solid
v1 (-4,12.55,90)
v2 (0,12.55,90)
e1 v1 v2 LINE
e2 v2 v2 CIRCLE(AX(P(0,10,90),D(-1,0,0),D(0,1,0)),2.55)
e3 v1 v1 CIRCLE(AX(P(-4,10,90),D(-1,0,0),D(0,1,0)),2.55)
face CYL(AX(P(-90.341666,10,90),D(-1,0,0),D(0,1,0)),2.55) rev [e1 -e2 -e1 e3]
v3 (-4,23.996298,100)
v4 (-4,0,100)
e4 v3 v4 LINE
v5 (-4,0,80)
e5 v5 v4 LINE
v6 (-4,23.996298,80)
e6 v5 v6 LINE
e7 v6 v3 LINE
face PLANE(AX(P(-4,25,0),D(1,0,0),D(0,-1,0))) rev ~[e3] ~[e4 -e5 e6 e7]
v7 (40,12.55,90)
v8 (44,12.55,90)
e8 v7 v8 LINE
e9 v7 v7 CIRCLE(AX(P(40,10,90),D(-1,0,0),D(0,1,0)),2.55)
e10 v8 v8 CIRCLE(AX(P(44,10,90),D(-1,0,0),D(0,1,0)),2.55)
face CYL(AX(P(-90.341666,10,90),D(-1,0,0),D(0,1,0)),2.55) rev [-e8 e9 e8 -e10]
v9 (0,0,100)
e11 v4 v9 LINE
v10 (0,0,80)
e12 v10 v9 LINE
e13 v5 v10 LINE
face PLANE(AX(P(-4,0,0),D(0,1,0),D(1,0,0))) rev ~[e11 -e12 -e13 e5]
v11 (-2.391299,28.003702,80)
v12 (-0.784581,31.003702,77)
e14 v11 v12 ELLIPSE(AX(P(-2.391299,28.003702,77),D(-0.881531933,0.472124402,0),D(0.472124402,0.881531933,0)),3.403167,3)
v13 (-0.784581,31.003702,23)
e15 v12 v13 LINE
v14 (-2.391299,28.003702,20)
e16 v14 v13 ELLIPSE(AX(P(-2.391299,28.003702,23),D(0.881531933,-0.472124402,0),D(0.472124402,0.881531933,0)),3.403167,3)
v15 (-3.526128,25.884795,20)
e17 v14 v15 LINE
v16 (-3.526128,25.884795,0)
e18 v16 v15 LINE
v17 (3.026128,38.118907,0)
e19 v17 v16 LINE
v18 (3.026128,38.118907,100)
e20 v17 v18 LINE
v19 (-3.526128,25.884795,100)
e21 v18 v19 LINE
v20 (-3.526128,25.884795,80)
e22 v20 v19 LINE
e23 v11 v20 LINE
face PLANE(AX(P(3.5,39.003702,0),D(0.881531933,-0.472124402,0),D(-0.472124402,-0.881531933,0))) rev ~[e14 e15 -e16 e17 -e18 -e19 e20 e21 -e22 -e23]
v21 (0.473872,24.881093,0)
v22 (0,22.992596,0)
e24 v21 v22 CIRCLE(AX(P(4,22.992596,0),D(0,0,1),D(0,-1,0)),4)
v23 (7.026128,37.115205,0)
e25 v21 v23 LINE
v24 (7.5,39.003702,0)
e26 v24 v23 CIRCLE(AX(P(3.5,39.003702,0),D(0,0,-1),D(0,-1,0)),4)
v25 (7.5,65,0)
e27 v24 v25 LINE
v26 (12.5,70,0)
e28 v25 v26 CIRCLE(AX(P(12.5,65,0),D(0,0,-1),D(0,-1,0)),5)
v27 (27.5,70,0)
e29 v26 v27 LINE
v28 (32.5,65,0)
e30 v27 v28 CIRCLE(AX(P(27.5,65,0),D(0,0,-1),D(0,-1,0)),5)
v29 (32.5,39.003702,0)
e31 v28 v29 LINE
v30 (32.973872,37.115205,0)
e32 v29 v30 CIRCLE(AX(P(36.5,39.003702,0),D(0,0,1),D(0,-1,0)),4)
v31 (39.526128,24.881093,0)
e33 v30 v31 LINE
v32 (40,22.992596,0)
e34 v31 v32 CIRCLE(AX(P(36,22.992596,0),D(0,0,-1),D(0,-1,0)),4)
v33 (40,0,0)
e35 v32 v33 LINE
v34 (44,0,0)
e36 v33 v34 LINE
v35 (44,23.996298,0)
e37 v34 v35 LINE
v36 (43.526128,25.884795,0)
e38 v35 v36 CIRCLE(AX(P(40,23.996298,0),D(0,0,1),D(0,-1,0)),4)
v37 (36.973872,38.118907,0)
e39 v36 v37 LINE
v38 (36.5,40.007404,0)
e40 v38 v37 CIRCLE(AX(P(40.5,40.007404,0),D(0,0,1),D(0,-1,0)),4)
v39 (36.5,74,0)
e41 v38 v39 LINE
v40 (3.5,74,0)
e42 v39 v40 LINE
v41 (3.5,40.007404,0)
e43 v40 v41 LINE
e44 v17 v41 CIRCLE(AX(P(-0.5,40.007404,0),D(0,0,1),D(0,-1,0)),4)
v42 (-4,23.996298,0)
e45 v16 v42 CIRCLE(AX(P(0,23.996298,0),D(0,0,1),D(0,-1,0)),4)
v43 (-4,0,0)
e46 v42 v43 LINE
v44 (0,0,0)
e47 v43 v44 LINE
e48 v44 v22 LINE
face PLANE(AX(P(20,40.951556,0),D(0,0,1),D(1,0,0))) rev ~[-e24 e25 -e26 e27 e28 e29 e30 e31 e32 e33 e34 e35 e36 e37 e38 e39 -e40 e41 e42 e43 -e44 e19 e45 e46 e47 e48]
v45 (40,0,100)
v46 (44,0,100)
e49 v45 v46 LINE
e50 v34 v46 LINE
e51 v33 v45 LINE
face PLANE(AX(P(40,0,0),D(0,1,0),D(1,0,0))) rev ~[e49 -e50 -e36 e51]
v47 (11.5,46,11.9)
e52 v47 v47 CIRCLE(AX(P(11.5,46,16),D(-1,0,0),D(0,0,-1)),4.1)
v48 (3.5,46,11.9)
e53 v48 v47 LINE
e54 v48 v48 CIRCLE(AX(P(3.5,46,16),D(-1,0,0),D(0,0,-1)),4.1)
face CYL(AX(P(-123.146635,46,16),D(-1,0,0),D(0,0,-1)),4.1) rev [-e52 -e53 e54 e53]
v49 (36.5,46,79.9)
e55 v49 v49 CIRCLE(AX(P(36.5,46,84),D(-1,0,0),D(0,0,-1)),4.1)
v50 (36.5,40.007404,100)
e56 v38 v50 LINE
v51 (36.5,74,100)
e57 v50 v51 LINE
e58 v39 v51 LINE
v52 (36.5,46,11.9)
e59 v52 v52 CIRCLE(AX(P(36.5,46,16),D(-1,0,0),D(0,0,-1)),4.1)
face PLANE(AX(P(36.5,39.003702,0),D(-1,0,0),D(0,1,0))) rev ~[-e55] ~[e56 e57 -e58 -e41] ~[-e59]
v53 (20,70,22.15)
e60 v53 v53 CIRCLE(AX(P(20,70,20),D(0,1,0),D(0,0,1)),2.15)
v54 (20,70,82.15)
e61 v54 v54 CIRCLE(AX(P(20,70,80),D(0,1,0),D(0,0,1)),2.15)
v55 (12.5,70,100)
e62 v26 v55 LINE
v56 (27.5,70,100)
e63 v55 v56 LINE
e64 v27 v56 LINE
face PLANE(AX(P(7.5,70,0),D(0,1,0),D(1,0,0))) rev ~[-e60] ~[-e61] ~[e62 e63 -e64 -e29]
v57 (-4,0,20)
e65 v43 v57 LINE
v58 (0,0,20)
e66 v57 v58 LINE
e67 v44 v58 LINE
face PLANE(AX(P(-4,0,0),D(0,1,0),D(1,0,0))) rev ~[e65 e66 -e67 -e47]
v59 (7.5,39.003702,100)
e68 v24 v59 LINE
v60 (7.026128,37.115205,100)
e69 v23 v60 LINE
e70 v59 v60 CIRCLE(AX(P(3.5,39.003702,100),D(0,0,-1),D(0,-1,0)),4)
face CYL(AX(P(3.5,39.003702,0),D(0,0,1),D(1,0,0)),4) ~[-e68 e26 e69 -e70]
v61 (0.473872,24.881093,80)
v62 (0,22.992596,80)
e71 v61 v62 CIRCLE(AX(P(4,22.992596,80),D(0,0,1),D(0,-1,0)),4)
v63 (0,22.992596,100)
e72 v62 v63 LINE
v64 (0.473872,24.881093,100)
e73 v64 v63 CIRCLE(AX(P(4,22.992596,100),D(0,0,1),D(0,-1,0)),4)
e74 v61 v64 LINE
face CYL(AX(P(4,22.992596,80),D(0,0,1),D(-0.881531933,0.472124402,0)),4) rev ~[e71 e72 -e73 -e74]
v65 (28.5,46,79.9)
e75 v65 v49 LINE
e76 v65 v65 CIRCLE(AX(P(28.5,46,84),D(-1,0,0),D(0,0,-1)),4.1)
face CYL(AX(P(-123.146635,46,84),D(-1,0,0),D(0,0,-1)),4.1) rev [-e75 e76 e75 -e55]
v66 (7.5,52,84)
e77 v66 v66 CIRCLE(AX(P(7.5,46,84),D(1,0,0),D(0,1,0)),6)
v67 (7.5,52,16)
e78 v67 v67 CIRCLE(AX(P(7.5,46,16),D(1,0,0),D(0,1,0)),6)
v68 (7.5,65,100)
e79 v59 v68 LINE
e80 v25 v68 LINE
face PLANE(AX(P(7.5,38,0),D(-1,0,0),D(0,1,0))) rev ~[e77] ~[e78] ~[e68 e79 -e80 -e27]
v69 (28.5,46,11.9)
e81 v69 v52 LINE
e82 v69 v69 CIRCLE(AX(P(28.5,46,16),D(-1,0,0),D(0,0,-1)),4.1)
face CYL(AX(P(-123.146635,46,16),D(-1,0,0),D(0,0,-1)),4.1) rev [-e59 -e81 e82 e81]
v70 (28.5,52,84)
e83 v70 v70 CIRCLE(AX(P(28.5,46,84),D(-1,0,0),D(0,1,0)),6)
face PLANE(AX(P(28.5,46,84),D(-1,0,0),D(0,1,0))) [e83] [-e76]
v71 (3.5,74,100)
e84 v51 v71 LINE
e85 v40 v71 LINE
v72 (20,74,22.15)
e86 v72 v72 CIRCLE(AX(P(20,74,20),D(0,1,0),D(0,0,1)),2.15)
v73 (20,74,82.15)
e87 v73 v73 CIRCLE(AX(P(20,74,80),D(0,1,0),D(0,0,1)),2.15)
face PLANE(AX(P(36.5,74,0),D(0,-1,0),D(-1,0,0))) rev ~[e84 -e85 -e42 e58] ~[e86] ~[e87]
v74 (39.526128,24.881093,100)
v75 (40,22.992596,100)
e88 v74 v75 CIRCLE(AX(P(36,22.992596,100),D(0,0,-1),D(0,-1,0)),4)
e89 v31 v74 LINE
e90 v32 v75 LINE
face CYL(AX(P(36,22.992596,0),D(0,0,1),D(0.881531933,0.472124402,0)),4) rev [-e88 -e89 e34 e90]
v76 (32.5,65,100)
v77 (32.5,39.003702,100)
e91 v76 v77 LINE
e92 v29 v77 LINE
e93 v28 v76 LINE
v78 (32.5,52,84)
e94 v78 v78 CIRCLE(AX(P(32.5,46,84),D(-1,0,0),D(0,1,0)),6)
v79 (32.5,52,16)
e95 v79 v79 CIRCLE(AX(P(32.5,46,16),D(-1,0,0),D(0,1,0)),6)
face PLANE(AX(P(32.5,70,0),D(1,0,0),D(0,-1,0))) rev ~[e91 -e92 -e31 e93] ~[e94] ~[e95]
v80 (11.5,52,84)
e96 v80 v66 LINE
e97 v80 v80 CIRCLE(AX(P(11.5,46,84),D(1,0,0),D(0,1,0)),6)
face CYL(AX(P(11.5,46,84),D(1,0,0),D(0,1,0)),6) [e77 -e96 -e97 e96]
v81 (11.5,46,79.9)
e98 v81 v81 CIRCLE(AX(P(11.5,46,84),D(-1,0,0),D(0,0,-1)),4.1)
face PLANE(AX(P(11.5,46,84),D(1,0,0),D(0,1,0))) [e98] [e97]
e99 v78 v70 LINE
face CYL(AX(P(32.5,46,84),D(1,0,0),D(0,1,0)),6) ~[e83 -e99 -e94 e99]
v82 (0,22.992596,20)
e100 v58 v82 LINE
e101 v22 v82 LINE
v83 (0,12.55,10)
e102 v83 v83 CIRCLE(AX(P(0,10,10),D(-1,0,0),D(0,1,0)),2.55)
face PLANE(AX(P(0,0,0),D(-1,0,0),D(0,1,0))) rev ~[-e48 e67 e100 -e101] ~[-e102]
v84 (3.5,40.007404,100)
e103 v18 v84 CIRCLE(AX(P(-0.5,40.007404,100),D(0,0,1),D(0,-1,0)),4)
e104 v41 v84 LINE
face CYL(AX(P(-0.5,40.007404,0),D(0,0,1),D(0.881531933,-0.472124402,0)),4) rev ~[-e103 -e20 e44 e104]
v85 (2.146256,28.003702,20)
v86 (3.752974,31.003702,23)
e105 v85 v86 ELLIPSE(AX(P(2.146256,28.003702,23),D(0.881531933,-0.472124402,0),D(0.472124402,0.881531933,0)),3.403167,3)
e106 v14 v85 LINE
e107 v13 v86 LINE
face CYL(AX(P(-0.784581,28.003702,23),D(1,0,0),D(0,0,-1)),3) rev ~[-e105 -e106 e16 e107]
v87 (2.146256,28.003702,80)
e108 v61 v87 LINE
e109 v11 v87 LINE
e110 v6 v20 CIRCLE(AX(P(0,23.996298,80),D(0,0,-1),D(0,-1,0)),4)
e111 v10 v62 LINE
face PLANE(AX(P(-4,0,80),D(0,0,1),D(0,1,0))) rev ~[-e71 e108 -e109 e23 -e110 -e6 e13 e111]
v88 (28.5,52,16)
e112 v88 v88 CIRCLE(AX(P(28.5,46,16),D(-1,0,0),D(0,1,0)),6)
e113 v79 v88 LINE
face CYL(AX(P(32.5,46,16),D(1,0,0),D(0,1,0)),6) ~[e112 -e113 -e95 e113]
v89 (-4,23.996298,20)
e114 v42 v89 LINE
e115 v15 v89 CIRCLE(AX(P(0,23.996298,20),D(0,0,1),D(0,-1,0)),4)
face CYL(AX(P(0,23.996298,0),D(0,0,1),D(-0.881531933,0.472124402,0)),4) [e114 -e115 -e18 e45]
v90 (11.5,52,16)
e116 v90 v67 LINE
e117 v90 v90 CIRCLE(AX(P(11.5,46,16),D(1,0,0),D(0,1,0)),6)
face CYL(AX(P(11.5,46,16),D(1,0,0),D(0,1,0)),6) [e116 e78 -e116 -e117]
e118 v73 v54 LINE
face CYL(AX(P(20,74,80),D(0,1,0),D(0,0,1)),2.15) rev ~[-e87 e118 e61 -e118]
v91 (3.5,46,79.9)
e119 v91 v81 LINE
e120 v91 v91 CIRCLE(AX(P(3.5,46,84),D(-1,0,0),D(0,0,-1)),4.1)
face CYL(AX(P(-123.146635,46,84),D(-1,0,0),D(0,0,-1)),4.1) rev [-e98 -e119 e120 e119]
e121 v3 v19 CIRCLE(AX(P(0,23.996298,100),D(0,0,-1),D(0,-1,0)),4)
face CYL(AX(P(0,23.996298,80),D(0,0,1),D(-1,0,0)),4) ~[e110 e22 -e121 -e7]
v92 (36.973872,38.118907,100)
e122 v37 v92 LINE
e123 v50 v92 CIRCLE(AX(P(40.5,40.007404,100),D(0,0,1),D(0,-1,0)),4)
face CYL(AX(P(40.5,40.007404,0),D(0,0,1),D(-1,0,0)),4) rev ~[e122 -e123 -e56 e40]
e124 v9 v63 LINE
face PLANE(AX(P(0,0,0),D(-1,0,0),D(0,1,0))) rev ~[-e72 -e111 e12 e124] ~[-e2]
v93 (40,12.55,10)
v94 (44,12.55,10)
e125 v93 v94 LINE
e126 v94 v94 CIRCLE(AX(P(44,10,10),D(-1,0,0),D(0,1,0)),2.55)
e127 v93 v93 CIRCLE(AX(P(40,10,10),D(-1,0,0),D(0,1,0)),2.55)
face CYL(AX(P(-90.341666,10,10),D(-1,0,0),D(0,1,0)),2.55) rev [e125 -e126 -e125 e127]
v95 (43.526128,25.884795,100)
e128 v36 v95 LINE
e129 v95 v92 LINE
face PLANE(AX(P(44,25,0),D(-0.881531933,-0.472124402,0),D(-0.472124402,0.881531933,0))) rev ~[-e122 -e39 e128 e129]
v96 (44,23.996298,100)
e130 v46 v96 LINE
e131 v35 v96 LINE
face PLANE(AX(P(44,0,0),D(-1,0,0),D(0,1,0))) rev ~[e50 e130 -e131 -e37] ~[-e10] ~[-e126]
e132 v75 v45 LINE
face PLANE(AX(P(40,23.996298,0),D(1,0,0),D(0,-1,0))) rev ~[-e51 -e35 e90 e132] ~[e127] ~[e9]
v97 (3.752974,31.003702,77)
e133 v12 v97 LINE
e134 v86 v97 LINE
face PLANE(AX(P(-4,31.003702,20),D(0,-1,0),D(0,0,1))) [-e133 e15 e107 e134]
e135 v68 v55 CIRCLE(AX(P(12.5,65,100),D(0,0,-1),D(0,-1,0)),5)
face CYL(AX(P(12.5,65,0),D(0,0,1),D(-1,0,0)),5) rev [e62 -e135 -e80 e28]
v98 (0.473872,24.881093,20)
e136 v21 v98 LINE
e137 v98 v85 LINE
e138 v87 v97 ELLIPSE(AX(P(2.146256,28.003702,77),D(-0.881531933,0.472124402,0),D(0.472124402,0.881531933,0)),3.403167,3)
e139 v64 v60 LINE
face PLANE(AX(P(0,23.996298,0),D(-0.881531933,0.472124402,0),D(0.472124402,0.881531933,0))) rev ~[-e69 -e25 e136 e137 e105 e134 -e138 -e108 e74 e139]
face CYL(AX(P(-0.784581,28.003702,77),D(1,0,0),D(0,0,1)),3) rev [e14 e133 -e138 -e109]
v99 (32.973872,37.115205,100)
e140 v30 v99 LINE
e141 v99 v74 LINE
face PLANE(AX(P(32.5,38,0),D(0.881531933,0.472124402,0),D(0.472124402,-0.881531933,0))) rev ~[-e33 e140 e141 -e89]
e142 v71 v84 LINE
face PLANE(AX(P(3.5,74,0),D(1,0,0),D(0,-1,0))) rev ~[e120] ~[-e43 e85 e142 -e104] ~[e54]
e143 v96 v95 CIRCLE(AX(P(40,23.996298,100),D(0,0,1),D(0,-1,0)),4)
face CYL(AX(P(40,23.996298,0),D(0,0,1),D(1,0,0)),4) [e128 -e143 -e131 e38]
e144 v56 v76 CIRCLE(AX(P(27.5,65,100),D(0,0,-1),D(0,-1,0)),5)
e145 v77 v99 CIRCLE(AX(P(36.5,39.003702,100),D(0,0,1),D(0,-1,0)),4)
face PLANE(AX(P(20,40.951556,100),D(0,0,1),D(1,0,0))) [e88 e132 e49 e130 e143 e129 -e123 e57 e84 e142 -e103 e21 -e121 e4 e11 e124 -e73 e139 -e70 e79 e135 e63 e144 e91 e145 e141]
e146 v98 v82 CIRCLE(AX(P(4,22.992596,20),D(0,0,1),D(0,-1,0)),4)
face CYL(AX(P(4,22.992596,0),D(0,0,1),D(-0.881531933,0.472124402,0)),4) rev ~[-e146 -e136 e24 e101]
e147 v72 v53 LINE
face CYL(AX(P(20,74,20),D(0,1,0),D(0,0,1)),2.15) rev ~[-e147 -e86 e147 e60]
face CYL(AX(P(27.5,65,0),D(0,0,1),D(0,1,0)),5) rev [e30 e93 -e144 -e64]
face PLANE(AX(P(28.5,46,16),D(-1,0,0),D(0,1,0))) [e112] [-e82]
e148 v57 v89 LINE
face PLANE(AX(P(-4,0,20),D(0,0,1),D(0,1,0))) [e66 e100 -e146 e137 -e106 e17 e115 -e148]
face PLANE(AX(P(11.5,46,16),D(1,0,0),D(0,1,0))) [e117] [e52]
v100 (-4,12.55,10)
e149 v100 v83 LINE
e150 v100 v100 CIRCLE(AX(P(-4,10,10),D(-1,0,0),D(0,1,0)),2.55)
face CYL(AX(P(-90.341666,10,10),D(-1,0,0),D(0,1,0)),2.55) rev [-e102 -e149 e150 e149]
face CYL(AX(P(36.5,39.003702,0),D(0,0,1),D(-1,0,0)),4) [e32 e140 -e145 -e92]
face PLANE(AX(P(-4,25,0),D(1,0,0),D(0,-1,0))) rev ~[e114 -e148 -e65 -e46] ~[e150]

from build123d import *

# Parameters (mm, degrees)
BOSS_EXTRUDE1_DEPTH     = 100
SKETCH3_R               = 6
BOSS_EXTRUDE2_DEPTH     = 4
BOSS_EXTRUDE3_START     = 4
SKETCH4_R               = 6
BOSS_EXTRUDE3_DEPTH     = 4
CUT_EXTRUDE1_DEPTH      = 130.646635128
CUT_EXTRUDE1_DEPTH_BACK = 130.646635128
SKETCH9_R               = 4.1
CUT_EXTRUDE2_DEPTH      = 134.341666406
CUT_EXTRUDE2_DEPTH_BACK = 134.341666406
SKETCH10_R              = 2.55
SKETCH13_W              = 60
SKETCH13_H              = 31.00370213
CUT_EXTRUDE5_DEPTH      = 24
FILLET1_R               = 3
FILLET2_R               = 5
FILLET3_R               = 4
SKETCH15_R              = 2.15
CUT_EXTRUDE6_DEPTH      = 132.954537626


with BuildPart() as part:
    # Sketch2 → Boss-Extrude1 (new body)
    with BuildSketch(Plane.XY):
        Polygon((0, 0), (0, 23.99629787), (7.5, 38), (7.5, 70), (32.5, 70), (32.5, 38), (40, 23.99629787), (40, 0), (44, 0), (44, 25), (36.5, 39.00370213), (36.5, 74), (3.5, 74), (3.5, 39.00370213), (-4, 25), (-4, 0), align=None)
    extrude(amount=BOSS_EXTRUDE1_DEPTH)

    # Sketch3 → Boss-Extrude2 (add)
    with BuildSketch(Plane.ZY.offset(-32.5)):
        with Locations(Location((84, 46, 0), (0, 0, 90))):
            Circle(SKETCH3_R)
        with Locations(Location((16, 46, 0), (0, 0, 90))):
            Circle(SKETCH3_R)
    extrude(amount=BOSS_EXTRUDE2_DEPTH)

    # Sketch4 → Boss-Extrude3 (add)
    with BuildSketch(Plane(origin=(7.5, 0, 0), x_dir=(0, 0, -1), z_dir=(1, 0, 0)).offset(BOSS_EXTRUDE3_START)):
        with Locations(Location((-16, 46, 0), (0, 0, 90))):
            Circle(SKETCH4_R)
        with Locations(Location((-84, 46, 0), (0, 0, 90))):
            Circle(SKETCH4_R)
    extrude(amount=-BOSS_EXTRUDE3_DEPTH)

    # Sketch9 → Cut-Extrude1 (cut, two sides: drawn at the far end of the back side and taken through both)
    with BuildSketch(Plane(origin=(7.5, 0, 0), x_dir=(0, 0, -1), z_dir=(1, 0, 0)).offset(-CUT_EXTRUDE1_DEPTH_BACK)):
        with Locations((-16, 46)):
            Circle(SKETCH9_R)
        with Locations((-84, 46)):
            Circle(SKETCH9_R)
    extrude(amount=CUT_EXTRUDE1_DEPTH + CUT_EXTRUDE1_DEPTH_BACK, mode=Mode.SUBTRACT)

    # Sketch10 → Cut-Extrude2 (cut, two sides: drawn at the far end of the back side and taken through both)
    with BuildSketch(Plane(origin=(44, 0, 0), x_dir=(0, 0, -1), z_dir=(1, 0, 0)).offset(-CUT_EXTRUDE2_DEPTH_BACK)):
        with Locations(Location((-10, 10, 0), (0, 0, 90))):
            Circle(SKETCH10_R)
        with Locations(Location((-90, 10, 0), (0, 0, 90))):
            Circle(SKETCH10_R)
    extrude(amount=CUT_EXTRUDE2_DEPTH + CUT_EXTRUDE2_DEPTH_BACK, mode=Mode.SUBTRACT)

    # Sketch13 → Cut-Extrude5 (cut)
    with BuildSketch(Plane.ZY.offset(4)):
        with Locations((50, 15.501851065)):
            Rectangle(SKETCH13_W, SKETCH13_H)
    extrude(amount=-CUT_EXTRUDE5_DEPTH, mode=Mode.SUBTRACT)

    # Fillet1
    fillet1_edges = [part.edges().sort_by_distance(p)[0] for p in [
        (1.48419643, 31.00370213, 20),
        (1.48419643, 31.00370213, 80),
    ]]
    fillet(fillet1_edges, radius=FILLET1_R)

    # Fillet2
    fillet2_edges = [part.edges().sort_by_distance(p)[0] for p in [
        (32.5, 70, 50),
        (7.5, 70, 50),
    ]]
    fillet(fillet2_edges, radius=FILLET2_R)

    # Fillet3
    fillet3_edges = [part.edges().sort_by_distance(p)[0] for p in [
        (-4, 25, 10),
        (0, 23.99629787, 10),
        (-4, 25, 90),
        (3.5, 39.00370213, 50),
        (36.5, 39.00370213, 50),
        (44, 25, 50),
        (40, 23.99629787, 50),
        (32.5, 38, 50),
        (7.5, 38, 50),
        (0, 23.99629787, 90),
    ]]
    fillet(fillet3_edges, radius=FILLET3_R)

    # Sketch15 → Cut-Extrude6 (cut, through all)
    with BuildSketch(Plane(origin=(0, 74, 0), x_dir=(1, 0, 0), z_dir=(0, 1, 0))):
        with Locations(Location((20, -20, 0), (0, 0, 270))):
            Circle(SKETCH15_R)
        with Locations(Location((20, -80, 0), (0, 0, 270))):
            Circle(SKETCH15_R)
    extrude(amount=-CUT_EXTRUDE6_DEPTH, mode=Mode.SUBTRACT)


solid = part.part
